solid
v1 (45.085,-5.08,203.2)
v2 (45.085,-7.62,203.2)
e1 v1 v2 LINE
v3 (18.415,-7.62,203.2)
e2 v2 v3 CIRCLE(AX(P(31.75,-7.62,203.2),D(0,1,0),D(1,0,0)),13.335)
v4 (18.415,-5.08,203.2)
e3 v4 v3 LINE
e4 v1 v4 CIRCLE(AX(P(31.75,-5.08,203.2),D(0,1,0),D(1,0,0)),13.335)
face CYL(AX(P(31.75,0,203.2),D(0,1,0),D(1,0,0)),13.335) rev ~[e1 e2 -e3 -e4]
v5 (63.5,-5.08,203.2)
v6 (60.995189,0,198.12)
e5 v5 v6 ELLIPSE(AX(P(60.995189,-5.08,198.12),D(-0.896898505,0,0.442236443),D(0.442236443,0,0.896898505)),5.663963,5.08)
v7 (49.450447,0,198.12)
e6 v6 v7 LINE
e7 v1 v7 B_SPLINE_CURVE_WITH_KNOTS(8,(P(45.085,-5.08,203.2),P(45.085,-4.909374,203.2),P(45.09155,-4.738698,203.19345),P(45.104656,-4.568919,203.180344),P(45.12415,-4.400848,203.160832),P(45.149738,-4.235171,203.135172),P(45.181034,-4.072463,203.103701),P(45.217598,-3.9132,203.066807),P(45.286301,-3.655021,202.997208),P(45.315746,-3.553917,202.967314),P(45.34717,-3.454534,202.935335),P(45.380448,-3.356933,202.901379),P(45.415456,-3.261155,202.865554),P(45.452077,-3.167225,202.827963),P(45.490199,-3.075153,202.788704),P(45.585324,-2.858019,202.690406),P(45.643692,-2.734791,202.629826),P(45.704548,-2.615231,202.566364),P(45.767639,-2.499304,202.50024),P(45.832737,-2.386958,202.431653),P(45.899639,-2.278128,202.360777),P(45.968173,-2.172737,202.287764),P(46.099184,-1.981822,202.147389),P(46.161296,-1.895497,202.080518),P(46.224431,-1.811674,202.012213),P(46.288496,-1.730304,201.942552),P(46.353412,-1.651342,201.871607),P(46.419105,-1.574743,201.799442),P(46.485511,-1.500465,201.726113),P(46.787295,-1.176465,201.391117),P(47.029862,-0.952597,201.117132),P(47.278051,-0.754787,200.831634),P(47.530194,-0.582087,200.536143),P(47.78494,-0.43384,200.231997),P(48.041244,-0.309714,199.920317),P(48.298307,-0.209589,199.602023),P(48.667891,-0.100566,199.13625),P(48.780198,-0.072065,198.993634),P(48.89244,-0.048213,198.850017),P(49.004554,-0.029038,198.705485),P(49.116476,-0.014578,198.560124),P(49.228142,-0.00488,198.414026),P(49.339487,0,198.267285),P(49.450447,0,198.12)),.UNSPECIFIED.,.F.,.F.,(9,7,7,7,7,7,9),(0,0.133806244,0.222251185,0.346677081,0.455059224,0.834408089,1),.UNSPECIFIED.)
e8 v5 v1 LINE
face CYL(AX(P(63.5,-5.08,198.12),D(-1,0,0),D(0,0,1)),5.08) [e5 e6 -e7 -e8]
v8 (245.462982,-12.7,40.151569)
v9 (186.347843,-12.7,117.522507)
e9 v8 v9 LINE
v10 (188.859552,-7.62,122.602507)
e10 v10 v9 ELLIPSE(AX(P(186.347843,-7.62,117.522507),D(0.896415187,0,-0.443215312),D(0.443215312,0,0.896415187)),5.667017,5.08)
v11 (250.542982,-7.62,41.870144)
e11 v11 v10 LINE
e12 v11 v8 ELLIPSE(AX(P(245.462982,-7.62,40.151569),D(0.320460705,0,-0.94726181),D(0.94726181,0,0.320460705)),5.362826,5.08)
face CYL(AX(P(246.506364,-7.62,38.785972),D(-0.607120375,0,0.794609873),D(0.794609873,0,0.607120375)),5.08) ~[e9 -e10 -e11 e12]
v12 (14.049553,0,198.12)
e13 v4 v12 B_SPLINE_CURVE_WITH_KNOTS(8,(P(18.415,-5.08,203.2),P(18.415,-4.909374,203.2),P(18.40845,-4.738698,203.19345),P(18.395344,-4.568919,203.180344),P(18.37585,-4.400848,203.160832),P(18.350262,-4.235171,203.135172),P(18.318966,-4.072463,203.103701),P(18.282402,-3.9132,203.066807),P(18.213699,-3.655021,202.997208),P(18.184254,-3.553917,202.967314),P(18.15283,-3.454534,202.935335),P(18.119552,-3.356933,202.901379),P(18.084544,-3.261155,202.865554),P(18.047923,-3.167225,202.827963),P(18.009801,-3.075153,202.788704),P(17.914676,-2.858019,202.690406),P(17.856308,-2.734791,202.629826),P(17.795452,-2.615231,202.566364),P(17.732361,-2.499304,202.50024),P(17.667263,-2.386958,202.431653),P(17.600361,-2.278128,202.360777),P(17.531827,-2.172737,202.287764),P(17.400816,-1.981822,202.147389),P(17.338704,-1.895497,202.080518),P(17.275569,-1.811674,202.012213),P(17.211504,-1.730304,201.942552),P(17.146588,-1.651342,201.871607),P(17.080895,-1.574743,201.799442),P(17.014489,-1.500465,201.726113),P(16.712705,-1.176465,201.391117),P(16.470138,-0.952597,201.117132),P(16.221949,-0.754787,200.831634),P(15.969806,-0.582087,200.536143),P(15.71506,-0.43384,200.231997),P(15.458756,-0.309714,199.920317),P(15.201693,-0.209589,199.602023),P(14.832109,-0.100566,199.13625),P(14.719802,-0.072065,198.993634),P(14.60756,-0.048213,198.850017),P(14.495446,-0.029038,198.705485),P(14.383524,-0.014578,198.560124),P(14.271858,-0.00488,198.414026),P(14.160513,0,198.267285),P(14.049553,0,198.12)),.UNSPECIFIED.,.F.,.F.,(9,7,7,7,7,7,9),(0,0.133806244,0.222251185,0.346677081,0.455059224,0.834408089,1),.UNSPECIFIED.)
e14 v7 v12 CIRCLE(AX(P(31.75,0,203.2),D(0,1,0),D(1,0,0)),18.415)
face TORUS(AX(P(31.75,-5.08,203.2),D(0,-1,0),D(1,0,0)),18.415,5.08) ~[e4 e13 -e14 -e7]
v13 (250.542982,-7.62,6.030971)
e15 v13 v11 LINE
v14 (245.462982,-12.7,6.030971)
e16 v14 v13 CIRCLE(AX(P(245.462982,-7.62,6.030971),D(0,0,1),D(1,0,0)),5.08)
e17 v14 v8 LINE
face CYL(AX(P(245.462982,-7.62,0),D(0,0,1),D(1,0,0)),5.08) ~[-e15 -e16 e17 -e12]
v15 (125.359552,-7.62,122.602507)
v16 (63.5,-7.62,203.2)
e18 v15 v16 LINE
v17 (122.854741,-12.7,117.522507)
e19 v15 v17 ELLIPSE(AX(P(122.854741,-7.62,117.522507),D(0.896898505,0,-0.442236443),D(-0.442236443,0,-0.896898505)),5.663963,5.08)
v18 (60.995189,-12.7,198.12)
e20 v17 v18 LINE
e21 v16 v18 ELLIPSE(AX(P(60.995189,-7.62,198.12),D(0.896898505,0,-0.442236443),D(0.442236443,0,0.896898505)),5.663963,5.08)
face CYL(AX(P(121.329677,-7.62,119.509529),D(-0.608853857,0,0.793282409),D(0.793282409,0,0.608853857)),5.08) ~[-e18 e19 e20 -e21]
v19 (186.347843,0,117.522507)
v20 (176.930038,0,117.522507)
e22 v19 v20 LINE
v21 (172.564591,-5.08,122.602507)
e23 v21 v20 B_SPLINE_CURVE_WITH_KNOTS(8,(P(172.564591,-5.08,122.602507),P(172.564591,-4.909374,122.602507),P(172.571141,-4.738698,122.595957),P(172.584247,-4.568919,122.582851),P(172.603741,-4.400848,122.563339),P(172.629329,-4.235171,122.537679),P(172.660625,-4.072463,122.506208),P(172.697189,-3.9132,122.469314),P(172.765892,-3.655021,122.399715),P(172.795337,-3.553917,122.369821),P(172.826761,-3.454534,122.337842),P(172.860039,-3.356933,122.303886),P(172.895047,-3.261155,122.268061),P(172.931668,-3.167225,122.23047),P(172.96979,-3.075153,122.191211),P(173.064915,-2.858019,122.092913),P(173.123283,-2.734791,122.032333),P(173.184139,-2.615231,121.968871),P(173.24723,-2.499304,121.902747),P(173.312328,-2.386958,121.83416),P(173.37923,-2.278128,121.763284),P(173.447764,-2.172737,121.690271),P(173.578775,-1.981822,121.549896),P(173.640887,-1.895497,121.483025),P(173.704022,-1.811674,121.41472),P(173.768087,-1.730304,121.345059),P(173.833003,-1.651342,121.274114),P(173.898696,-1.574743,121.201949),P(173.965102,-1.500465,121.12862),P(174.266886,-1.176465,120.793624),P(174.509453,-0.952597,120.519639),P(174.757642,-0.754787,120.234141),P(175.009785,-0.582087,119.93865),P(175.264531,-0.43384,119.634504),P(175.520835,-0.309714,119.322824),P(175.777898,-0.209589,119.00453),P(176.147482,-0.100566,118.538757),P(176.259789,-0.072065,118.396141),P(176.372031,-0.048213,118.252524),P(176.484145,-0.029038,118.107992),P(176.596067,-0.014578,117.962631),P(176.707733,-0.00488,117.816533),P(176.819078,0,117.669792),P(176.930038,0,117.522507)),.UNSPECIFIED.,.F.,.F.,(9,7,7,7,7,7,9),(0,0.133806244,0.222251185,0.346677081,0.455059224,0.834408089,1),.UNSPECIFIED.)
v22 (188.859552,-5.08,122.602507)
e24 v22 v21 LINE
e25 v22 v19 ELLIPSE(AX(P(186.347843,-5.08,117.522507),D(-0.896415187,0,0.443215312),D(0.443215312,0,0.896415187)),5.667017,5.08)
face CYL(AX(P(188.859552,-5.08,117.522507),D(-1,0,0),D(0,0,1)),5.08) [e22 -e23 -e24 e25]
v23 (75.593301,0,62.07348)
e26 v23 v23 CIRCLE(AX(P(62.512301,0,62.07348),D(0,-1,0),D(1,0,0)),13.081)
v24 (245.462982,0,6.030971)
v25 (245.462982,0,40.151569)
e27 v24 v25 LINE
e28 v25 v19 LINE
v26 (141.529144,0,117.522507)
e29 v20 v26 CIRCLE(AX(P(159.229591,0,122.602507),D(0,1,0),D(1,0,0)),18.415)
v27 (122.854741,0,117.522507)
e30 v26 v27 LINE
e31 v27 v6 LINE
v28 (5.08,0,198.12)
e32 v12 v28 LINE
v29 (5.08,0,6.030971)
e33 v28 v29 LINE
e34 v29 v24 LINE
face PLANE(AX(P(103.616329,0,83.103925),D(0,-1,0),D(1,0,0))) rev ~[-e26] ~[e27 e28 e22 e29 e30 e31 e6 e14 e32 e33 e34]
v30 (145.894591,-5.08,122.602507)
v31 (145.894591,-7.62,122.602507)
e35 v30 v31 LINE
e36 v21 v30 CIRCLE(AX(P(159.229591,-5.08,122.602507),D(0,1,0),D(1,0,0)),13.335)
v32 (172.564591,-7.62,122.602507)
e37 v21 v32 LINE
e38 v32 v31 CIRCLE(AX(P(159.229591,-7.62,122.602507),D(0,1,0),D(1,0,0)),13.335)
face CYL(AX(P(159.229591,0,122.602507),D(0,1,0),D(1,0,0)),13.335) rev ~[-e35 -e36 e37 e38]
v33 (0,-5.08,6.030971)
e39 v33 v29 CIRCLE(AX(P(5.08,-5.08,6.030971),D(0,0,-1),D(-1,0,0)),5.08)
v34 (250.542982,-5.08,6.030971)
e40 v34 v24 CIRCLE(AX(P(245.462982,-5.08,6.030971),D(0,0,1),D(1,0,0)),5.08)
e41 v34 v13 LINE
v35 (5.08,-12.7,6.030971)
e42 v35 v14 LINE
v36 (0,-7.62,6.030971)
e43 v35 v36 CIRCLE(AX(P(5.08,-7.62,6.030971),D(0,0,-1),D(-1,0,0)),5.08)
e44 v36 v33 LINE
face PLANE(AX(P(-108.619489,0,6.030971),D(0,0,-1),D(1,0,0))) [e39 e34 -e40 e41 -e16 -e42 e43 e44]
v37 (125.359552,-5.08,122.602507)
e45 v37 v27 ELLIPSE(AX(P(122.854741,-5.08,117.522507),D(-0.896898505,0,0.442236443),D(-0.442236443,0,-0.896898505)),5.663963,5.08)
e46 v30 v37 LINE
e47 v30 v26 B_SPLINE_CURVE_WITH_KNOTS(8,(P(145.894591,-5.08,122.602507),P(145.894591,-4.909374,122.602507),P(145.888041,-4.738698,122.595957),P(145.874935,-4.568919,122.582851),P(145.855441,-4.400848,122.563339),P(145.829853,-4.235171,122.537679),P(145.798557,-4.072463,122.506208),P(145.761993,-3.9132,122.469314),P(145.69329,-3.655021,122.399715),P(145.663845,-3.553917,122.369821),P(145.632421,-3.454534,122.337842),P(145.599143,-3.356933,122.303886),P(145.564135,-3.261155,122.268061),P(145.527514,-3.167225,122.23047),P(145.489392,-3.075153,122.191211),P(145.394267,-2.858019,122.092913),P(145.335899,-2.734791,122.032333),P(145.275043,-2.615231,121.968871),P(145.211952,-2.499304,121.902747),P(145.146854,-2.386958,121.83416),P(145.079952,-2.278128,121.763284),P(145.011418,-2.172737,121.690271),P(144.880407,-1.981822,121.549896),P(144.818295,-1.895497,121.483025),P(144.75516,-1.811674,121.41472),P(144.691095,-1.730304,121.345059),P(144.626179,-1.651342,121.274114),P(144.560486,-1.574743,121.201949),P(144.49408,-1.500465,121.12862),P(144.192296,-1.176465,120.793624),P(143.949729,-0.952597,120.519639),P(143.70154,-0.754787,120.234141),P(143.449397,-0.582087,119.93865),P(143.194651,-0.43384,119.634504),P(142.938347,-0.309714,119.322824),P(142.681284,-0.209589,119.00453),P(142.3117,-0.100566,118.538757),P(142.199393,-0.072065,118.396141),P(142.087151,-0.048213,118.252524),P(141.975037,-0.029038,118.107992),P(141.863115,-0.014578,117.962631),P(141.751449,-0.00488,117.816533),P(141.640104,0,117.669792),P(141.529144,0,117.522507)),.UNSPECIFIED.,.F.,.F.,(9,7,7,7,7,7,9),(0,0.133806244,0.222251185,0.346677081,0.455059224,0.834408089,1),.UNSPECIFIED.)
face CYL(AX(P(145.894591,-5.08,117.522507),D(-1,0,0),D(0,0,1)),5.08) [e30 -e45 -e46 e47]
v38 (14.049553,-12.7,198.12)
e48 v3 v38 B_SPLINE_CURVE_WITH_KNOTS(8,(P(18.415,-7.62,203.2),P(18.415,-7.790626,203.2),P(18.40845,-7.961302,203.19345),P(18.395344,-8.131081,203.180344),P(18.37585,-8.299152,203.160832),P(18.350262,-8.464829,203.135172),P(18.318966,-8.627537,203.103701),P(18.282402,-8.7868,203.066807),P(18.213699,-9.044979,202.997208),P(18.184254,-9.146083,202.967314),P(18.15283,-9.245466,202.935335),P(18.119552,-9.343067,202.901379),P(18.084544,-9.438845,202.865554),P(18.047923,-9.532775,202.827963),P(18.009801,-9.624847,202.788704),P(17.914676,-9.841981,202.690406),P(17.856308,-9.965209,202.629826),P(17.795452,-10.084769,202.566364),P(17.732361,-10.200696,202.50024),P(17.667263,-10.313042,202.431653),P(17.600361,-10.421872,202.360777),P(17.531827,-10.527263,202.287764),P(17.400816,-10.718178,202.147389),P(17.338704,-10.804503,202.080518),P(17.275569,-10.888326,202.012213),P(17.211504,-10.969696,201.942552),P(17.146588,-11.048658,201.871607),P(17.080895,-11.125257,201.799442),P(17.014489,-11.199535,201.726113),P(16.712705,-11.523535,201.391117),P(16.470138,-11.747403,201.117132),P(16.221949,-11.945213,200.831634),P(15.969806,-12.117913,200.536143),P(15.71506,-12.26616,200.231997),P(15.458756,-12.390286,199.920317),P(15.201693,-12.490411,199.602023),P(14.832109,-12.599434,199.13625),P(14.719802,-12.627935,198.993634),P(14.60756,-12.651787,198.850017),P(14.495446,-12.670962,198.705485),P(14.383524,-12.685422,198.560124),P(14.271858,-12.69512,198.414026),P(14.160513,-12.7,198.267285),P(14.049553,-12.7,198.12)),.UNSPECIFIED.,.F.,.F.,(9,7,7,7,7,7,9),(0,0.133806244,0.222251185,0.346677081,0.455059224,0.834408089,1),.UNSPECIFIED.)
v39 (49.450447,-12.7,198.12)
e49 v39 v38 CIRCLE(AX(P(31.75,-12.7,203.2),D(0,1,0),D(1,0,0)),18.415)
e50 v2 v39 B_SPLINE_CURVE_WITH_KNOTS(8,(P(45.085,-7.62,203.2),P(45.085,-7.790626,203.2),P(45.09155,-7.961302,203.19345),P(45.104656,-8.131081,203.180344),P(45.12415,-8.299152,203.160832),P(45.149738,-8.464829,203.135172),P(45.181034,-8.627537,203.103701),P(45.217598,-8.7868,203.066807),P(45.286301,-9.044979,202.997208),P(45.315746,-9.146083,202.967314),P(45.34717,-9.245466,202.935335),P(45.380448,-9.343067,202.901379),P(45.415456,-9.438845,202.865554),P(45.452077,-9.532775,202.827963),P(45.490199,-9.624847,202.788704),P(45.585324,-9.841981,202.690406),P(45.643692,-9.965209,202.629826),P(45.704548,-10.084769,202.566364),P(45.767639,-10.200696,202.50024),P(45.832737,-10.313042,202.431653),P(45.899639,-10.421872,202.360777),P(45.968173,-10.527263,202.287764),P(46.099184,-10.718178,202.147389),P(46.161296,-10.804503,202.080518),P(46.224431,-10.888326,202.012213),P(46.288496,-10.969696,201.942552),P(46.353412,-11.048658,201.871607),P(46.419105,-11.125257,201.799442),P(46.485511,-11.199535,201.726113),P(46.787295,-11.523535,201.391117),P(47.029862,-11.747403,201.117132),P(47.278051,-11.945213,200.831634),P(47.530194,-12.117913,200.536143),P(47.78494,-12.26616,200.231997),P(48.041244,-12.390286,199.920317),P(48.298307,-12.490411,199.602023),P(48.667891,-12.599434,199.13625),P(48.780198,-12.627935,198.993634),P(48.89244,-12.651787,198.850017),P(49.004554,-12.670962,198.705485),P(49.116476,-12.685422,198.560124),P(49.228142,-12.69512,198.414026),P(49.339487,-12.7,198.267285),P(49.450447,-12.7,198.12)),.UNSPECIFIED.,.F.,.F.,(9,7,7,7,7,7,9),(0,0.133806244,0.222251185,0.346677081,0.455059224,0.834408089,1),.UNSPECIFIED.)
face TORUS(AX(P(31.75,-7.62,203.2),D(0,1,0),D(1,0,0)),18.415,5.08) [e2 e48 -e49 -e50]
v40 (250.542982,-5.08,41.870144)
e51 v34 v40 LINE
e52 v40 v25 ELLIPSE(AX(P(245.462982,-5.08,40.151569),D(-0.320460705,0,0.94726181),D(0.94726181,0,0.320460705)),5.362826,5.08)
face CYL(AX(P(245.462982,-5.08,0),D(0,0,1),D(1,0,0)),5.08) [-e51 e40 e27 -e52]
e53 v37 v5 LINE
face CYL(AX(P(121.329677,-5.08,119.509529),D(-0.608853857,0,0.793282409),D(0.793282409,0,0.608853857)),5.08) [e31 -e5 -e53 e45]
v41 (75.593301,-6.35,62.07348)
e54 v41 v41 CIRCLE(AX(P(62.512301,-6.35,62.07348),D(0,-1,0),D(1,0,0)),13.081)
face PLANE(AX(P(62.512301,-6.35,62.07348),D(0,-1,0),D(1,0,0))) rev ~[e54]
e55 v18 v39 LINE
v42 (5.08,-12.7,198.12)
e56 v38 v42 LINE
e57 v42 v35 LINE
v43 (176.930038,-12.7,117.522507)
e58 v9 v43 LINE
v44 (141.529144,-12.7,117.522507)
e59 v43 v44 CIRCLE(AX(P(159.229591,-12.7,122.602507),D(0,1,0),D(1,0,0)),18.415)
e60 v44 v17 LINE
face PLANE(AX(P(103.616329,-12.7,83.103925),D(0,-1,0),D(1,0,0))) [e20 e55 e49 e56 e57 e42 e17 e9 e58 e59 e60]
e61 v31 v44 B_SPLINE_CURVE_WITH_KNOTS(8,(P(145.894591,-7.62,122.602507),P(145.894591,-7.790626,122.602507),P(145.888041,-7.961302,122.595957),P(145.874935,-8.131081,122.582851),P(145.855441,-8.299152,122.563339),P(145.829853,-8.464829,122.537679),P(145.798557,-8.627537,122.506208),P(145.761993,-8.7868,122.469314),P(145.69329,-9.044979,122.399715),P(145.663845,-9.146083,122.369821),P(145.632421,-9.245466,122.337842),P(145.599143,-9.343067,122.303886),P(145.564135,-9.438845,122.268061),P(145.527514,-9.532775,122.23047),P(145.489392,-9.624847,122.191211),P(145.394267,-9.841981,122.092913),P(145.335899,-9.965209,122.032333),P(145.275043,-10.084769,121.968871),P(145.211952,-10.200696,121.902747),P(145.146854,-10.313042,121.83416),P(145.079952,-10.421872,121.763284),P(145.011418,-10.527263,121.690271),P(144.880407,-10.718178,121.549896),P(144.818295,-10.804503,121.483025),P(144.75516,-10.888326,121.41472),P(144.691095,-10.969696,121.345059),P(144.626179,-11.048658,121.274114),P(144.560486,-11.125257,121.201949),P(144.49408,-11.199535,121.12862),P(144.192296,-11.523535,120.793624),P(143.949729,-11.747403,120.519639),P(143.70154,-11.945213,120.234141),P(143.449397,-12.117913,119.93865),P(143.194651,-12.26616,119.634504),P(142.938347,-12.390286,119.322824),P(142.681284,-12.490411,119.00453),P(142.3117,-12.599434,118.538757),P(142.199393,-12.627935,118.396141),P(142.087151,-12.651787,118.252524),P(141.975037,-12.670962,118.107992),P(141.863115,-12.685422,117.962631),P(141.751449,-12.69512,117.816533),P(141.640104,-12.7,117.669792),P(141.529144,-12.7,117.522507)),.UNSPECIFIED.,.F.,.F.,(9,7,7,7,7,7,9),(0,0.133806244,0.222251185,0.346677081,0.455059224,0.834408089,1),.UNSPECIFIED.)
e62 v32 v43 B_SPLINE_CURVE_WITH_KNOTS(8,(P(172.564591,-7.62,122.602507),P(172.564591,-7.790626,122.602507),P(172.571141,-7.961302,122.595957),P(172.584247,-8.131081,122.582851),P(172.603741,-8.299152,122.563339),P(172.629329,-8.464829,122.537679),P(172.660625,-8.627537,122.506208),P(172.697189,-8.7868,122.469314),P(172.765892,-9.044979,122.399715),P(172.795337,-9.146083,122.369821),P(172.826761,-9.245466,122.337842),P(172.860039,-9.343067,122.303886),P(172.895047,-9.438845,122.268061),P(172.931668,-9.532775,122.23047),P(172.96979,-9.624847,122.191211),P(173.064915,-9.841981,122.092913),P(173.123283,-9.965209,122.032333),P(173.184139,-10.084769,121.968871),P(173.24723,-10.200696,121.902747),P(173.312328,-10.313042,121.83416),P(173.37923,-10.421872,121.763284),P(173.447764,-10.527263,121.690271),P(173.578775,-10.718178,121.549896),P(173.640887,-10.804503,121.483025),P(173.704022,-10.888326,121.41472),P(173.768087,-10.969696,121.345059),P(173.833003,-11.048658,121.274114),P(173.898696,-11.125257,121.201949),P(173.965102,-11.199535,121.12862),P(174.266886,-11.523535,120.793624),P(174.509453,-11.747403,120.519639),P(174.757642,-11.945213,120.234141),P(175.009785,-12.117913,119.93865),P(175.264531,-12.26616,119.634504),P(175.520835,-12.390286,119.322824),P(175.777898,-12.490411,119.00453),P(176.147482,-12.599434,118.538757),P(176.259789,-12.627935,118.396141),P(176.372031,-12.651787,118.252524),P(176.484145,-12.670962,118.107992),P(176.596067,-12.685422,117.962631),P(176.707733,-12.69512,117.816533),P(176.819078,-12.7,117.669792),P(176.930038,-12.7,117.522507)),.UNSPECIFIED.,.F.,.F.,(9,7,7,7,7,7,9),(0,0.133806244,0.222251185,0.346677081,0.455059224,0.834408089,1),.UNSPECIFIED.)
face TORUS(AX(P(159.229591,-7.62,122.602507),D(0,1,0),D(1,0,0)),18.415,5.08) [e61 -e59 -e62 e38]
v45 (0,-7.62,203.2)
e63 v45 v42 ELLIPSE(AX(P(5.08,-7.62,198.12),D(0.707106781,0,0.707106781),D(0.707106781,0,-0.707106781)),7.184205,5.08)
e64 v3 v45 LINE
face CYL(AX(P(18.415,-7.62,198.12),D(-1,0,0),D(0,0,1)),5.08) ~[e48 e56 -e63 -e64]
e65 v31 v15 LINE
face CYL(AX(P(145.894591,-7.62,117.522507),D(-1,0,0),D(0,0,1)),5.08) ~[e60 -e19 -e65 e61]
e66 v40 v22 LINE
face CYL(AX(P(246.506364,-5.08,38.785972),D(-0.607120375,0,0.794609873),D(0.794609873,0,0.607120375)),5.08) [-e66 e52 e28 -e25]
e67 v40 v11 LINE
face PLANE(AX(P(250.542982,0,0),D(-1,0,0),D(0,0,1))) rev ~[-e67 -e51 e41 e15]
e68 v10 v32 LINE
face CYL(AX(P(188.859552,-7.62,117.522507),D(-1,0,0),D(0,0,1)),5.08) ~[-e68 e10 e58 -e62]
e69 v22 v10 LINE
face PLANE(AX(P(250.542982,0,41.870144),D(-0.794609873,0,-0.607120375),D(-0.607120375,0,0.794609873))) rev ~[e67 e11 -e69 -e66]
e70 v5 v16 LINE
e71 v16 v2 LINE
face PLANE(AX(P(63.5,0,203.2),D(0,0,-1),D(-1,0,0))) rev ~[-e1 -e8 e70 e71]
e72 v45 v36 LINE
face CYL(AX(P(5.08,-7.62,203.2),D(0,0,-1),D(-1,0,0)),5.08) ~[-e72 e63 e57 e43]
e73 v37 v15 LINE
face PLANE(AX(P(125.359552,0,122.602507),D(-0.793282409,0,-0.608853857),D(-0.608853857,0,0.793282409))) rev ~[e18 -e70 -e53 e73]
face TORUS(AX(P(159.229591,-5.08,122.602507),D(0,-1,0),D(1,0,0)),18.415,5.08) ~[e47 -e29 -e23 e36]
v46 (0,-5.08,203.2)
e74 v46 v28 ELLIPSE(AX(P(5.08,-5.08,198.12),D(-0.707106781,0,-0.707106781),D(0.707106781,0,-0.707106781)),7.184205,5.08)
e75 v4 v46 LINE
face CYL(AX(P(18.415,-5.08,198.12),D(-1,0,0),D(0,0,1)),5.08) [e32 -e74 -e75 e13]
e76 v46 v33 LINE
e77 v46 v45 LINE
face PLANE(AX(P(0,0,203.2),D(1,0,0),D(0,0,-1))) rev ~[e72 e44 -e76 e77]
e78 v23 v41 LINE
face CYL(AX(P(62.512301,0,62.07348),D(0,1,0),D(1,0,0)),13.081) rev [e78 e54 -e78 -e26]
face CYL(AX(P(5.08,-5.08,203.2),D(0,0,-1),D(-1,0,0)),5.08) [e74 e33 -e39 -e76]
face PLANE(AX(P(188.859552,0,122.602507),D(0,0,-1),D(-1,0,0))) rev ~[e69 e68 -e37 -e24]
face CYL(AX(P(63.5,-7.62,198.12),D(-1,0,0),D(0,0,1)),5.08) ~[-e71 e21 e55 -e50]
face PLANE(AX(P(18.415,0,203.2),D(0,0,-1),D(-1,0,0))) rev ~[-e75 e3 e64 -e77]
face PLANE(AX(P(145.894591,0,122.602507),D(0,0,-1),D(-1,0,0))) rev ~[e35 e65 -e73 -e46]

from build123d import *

# Parameters (mm, degrees)
F1_DEPTH = 12.7
F2_R     = 5.08
F3_W     = 402.312346
F3_H     = 25.619045
F4_DEPTH = 73.66
F5_R     = 13.081
F6_DEPTH = 6.35


with BuildPart() as f1:
    # F0 (on Front) → F1 (new body)
    with BuildSketch(Plane.XZ):
        with BuildLine():
            Line((0, 203.2), (0, 0))
            Line((0, 0), (250.542982, 0))
            Line((250.542982, 0), (250.542982, 41.870144))
            Line((250.542982, 41.870144), (188.859552, 122.602507))
            Line((188.859552, 122.602507), (172.564591, 122.602507))
            ThreePointArc((172.564591, 122.602507), (159.229591, 109.267507), (145.894591, 122.602507))
            Line((145.894591, 122.602507), (125.359552, 122.602507))
            Line((125.359552, 122.602507), (63.5, 203.2))
            Line((63.5, 203.2), (45.085, 203.2))
            ThreePointArc((45.085, 203.2), (31.75, 189.865), (18.415, 203.2))
            Line((18.415, 203.2), (0, 203.2))
        make_face()
    extrude(amount=F1_DEPTH)

    # F2
    f2_edges = [f1.edges().sort_by_distance(p)[0] for p in [
        (0, -12.7, 101.6),
        (125.271491, -12.7, 0),
        (250.542982, -12.7, 20.935072),
        (219.701267, -12.7, 82.236326),
        (180.712072, -12.7, 122.602507),
        (159.229591, -12.7, 109.267507),
        (135.627072, -12.7, 122.602507),
        (94.429776, -12.7, 162.901254),
        (54.2925, -12.7, 203.2),
        (31.75, -12.7, 189.865),
        (9.2075, -12.7, 203.2),
        (0, 0, 101.6),
        (125.271491, 0, 0),
        (250.542982, 0, 20.935072),
        (219.701267, 0, 82.236326),
        (180.712072, 0, 122.602507),
        (159.229591, 0, 109.267507),
        (135.627072, 0, 122.602507),
        (94.429776, 0, 162.901254),
        (54.2925, 0, 203.2),
        (31.75, 0, 189.865),
        (9.2075, 0, 203.2),
    ]]
    fillet(f2_edges, radius=F2_R)

    # F3 (on Front) → F4 (cut, symmetric)
    with BuildSketch(Plane.XZ):
        with Locations((92.536684, -6.778551)):
            Rectangle(F3_W, F3_H)
    extrude(amount=F4_DEPTH, both=True, mode=Mode.SUBTRACT)

    # F5 (on Front) → F6 (cut)
    with BuildSketch(Plane.XZ):
        with Locations((62.512301, 62.07348)):
            Circle(F5_R)
    extrude(amount=F6_DEPTH, mode=Mode.SUBTRACT)


solid = f1.part
